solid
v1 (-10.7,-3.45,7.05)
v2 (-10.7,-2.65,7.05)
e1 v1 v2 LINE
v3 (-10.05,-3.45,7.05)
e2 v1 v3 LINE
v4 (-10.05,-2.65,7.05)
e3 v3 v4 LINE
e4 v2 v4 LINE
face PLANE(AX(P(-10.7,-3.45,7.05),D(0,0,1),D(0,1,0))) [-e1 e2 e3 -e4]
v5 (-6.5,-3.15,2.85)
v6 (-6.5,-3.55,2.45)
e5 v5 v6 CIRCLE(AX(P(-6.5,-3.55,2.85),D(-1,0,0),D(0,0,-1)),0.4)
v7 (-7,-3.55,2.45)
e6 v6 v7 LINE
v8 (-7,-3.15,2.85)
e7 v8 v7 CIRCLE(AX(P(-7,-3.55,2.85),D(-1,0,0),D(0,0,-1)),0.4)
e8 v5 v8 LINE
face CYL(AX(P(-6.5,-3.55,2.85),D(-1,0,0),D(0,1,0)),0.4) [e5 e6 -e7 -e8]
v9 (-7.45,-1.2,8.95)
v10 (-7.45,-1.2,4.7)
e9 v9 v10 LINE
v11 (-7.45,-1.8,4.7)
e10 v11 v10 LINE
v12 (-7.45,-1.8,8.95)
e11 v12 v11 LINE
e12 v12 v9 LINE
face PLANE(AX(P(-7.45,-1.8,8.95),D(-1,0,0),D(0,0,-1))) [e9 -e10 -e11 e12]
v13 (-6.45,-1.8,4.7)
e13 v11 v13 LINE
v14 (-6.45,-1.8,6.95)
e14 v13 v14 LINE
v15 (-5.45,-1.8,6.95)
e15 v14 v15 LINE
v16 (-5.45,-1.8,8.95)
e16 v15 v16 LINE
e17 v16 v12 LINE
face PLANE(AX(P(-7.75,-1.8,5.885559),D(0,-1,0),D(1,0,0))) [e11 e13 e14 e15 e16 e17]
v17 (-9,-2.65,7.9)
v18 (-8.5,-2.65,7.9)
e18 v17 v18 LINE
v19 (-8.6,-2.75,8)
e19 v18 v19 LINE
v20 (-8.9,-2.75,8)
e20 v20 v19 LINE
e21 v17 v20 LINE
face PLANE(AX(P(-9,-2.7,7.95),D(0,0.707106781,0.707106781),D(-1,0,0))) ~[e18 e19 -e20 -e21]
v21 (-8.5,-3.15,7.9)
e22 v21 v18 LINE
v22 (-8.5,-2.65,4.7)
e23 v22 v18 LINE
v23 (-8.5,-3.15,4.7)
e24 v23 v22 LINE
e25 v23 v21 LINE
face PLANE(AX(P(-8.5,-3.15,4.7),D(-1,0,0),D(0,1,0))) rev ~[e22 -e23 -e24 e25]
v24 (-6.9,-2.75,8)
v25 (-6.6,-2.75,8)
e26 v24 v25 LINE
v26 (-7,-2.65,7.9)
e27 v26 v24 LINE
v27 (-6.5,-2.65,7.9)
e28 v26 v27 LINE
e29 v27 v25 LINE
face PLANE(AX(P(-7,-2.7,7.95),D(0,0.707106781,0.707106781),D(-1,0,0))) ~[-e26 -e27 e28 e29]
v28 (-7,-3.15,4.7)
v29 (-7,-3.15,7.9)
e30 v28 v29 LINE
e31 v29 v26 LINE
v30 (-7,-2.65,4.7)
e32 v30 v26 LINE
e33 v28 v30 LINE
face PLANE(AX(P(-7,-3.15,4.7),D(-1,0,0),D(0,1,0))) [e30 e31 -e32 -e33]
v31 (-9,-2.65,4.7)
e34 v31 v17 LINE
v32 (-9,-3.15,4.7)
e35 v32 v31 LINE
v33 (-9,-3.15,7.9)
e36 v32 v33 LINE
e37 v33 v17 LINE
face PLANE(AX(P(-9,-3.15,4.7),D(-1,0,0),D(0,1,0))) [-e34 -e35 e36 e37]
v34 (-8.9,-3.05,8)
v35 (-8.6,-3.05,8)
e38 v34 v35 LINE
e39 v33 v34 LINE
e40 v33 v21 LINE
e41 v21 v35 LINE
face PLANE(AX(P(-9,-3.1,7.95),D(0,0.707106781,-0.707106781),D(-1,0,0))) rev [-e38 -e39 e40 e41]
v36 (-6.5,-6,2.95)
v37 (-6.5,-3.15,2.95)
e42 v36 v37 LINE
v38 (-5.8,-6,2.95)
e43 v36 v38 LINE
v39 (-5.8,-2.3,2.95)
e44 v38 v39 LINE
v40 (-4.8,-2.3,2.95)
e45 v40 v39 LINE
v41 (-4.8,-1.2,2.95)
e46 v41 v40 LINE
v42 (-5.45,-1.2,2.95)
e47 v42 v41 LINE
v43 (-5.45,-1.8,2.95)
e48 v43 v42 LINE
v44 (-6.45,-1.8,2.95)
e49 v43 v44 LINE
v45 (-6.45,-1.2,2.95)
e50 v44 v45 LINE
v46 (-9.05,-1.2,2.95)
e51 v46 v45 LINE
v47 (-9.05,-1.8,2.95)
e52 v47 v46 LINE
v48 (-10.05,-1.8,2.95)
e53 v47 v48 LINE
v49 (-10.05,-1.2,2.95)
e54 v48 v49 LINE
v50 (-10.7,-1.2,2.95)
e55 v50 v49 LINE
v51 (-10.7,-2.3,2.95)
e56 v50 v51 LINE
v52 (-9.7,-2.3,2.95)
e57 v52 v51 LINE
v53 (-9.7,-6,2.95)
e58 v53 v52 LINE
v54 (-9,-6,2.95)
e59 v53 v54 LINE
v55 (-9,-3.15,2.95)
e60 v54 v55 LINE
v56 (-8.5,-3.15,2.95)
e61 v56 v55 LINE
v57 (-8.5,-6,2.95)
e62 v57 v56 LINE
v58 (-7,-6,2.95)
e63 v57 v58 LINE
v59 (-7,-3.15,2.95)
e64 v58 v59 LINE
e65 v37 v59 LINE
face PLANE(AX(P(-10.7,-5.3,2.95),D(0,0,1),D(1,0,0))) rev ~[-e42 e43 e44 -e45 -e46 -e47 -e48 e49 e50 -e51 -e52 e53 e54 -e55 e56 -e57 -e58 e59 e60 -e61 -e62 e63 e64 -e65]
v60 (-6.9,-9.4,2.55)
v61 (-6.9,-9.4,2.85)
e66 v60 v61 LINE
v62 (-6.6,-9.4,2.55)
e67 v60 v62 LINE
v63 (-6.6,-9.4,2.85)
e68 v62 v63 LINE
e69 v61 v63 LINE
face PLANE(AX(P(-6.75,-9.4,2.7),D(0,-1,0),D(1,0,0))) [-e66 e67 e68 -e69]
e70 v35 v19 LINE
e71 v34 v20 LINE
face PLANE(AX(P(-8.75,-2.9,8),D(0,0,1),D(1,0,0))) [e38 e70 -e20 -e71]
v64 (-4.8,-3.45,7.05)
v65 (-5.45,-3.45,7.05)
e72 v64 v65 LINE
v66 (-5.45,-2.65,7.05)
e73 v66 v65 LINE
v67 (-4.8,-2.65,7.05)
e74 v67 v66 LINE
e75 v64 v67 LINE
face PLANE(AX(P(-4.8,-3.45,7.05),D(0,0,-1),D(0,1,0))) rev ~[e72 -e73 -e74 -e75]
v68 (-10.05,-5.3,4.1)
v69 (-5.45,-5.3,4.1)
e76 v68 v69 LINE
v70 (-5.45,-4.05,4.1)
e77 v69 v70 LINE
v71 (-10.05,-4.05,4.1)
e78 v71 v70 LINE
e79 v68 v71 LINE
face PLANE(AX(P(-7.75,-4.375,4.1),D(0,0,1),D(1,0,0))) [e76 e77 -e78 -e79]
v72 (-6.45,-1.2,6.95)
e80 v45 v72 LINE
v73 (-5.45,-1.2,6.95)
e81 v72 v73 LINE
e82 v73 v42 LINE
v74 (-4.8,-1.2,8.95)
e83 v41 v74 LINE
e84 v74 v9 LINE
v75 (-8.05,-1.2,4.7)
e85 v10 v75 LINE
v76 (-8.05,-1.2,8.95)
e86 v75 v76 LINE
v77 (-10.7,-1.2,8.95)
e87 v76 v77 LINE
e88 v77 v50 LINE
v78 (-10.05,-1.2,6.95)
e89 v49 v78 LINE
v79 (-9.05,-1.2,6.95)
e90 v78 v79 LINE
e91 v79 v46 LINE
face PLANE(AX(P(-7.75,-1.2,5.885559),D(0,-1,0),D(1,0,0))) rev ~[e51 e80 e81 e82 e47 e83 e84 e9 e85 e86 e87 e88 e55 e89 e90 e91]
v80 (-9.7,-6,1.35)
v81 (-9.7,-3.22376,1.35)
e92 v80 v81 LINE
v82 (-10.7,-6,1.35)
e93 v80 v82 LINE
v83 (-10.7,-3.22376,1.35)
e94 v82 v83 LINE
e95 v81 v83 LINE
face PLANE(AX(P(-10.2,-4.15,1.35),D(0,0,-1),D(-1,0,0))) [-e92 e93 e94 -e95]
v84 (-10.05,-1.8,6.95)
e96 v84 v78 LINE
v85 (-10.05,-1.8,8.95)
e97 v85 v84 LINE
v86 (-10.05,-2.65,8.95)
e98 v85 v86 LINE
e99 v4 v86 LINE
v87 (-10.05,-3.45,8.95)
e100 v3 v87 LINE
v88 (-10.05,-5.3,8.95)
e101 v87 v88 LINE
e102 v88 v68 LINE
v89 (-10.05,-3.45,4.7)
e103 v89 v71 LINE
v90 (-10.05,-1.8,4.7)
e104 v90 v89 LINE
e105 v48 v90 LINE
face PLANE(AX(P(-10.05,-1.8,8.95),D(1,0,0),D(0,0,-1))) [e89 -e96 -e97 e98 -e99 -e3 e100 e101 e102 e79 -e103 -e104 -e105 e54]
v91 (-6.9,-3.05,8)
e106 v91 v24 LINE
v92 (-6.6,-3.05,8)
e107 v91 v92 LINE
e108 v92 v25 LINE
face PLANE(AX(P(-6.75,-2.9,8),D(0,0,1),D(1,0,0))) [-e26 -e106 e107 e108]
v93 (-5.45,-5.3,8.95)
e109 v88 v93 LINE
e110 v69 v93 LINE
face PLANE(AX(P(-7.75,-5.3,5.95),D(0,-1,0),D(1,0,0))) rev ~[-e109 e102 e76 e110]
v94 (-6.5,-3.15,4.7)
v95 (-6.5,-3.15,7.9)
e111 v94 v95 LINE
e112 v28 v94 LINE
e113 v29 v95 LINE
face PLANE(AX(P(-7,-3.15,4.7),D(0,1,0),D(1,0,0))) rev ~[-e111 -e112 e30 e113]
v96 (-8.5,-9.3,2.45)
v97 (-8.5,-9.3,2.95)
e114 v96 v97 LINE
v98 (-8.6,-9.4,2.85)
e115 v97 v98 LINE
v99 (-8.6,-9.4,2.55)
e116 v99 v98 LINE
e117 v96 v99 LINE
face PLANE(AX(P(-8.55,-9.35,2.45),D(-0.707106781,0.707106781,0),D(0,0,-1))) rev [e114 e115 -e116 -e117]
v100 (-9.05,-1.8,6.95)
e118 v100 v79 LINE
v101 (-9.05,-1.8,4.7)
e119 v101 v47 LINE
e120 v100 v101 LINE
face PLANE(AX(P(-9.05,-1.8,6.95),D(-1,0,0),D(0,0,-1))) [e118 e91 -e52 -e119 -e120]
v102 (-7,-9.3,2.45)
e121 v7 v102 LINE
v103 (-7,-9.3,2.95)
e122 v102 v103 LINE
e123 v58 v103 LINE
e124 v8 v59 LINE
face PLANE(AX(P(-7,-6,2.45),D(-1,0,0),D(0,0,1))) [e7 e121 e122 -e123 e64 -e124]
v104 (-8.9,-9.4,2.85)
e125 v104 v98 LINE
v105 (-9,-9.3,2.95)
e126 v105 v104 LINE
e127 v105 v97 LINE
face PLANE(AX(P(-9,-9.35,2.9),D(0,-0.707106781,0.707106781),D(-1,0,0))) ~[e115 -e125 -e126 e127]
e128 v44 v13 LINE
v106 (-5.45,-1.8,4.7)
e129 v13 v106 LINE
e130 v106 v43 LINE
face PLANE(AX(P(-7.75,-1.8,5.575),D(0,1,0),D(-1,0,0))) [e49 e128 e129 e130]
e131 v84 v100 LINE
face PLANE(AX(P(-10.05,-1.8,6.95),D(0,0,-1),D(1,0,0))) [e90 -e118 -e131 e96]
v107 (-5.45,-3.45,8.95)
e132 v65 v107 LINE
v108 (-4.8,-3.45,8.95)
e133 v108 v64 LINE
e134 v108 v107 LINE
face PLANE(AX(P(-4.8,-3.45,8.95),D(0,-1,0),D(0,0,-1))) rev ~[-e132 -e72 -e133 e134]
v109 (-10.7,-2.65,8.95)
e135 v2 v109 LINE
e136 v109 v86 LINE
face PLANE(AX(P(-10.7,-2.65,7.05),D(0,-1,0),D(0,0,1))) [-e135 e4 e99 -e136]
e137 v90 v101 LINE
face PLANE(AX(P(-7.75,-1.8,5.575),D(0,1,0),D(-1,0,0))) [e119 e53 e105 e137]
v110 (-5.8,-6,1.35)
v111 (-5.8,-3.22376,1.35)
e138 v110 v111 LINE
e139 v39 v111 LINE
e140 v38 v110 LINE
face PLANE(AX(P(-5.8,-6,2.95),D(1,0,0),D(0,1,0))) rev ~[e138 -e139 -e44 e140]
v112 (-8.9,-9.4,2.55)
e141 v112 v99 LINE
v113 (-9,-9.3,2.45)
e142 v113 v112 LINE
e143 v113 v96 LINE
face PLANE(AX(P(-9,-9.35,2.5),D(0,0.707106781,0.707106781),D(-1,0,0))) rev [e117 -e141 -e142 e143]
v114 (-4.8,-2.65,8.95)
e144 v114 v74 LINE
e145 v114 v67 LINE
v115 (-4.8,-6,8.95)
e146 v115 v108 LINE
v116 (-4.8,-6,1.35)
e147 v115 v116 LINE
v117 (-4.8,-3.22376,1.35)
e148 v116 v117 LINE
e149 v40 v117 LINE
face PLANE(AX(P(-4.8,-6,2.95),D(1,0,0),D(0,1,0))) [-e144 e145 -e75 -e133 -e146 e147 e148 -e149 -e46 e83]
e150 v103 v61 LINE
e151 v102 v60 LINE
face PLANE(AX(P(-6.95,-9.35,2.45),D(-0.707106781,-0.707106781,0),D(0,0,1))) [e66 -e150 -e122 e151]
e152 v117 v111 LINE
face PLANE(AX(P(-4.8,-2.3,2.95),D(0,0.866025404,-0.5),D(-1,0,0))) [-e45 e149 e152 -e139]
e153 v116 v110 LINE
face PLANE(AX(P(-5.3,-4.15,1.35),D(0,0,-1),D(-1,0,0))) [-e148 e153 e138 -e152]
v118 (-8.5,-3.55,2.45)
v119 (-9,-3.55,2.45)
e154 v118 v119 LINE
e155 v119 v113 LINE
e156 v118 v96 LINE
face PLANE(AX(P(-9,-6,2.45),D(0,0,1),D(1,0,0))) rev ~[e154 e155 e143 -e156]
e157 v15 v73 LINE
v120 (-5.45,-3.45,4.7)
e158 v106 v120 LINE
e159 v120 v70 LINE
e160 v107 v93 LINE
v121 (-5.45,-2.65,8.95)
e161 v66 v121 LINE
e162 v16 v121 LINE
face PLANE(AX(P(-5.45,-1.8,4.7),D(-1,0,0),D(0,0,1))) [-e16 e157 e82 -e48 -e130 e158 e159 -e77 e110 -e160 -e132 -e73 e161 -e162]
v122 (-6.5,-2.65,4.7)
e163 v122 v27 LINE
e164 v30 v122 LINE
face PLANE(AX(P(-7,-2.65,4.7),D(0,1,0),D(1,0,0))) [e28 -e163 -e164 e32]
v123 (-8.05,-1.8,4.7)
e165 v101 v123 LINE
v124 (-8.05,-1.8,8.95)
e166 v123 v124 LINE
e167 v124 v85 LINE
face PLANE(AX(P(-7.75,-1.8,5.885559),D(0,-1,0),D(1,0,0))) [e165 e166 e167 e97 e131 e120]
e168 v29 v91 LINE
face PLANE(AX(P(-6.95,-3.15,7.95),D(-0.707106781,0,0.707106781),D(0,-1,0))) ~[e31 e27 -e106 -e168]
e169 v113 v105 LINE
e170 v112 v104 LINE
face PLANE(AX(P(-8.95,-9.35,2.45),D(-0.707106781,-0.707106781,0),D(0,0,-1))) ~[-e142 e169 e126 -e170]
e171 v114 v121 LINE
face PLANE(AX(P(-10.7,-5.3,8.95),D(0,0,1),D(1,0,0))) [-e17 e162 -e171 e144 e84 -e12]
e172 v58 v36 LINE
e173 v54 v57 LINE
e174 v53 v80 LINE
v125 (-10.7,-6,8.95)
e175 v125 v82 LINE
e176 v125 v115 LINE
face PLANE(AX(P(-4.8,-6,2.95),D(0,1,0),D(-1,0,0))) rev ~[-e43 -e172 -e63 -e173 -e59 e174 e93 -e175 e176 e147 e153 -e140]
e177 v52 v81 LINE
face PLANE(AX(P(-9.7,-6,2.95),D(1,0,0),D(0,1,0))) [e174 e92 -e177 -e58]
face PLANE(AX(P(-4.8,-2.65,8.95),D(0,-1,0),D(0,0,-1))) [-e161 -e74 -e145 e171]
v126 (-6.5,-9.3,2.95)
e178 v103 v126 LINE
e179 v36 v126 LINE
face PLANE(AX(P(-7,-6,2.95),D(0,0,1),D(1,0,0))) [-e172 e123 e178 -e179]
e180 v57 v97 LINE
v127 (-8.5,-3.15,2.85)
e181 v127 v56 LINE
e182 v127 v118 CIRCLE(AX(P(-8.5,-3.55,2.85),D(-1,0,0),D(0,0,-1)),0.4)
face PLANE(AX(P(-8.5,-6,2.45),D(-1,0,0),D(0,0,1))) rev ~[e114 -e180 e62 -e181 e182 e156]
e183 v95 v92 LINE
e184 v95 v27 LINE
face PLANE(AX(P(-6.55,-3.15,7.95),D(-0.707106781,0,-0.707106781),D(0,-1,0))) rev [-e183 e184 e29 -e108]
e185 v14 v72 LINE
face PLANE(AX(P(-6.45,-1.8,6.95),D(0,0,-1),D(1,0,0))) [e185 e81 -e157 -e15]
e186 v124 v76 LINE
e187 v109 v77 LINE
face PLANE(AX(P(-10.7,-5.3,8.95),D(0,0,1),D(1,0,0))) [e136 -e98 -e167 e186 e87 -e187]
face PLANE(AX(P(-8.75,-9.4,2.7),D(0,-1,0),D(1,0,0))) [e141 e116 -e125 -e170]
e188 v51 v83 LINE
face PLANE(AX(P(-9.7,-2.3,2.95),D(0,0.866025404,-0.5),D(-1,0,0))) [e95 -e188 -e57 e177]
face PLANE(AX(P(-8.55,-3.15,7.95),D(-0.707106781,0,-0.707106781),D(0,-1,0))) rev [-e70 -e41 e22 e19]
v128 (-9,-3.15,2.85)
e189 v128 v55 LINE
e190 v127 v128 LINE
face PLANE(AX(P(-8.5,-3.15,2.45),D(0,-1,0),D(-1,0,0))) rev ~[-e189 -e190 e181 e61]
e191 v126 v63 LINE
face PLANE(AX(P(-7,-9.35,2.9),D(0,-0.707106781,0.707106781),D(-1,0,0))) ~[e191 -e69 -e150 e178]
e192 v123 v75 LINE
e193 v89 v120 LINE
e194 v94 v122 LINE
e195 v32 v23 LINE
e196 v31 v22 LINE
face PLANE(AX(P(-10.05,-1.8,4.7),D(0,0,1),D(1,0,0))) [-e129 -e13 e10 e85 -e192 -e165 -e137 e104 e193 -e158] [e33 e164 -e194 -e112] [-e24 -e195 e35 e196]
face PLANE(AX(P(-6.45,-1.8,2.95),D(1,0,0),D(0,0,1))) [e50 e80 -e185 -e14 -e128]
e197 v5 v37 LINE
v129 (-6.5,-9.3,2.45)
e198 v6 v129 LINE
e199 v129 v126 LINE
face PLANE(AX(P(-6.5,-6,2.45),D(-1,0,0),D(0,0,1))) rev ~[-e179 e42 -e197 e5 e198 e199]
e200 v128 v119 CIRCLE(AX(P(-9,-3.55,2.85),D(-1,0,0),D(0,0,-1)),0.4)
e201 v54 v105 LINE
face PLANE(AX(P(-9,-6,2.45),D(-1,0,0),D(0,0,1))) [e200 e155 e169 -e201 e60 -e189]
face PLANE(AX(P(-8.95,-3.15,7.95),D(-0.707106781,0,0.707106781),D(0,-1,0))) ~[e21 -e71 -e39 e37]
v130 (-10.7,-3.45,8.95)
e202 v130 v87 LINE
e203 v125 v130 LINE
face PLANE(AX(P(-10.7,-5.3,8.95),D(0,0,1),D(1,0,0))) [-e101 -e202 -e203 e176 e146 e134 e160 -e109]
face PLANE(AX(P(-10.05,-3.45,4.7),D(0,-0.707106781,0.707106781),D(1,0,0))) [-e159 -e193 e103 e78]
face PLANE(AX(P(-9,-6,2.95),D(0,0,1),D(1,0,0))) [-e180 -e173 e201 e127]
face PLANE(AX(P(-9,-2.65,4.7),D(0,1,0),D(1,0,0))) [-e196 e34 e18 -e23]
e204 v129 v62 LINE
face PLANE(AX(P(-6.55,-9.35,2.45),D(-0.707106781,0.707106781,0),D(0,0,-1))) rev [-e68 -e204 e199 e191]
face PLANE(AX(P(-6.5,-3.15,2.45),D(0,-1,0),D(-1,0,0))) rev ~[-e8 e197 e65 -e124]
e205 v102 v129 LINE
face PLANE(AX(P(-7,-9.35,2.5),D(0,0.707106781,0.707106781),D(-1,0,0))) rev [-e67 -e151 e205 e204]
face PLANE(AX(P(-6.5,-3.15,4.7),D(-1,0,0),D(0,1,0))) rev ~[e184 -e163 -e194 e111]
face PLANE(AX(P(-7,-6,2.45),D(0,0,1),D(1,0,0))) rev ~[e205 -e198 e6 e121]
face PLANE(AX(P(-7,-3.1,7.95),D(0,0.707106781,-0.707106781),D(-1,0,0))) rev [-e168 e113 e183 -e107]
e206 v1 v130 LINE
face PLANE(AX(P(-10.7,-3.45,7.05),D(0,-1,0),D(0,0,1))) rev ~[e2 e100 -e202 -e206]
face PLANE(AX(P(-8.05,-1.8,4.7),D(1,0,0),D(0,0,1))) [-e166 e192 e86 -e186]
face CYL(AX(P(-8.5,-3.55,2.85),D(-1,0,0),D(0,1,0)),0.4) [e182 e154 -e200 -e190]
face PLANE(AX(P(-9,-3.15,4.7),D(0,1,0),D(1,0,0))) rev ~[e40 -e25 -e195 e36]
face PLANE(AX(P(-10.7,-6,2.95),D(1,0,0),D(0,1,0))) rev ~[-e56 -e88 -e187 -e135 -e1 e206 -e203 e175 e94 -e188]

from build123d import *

# Parameters (mm, degrees)
EXTRUDE_1_DEPTH     = 0.6
EXTRUDE_2_DEPTH     = 3.5
SKETCH_3_W          = 5.9
SKETCH_3_H          = 6
EXTRUDE_3_DEPTH     = 0.7
EXTRUDE_4_REACH     = 15.883
SKETCH_4_W          = 0.5
SKETCH_4_H          = 2.85
SKETCH_5_W          = 0.5
SKETCH_5_H          = 0.5
EXTRUDE_5_DEPTH     = 3.4
EXTRUDE_6_REACH     = 17.656
SKETCH_7_W          = 0.5
SKETCH_7_H          = 2.85
SKETCH_8_W          = 0.5
SKETCH_8_H          = 0.5
EXTRUDE_7_DEPTH     = 3.4
SKETCH_9_W          = 4.6
SKETCH_9_H          = 1.85
CUT_EXTRUDE_1_DEPTH = 0.6
CUT_EXTRUDE_2_REACH = 16.257
SKETCH_10_W         = 1.9
SKETCH_10_H         = 0.8
SKETCH_11_W         = 1.9
SKETCH_11_H         = 0.8
CUT_EXTRUDE_3_DEPTH = 15.257366517
SKETCH_12_W         = 1
SKETCH_12_H         = 3.7
EXTRUDE_8_DEPTH     = 1.6
SKETCH_13_W         = 1
SKETCH_13_H         = 3.7
EXTRUDE_9_DEPTH     = 1.6
SKETCH_14_W         = 0.5
SKETCH_14_H         = 0.5
EXTRUDE_10_DEPTH    = 3.3
SKETCH_15_W         = 0.5
SKETCH_15_H         = 0.5
EXTRUDE_11_DEPTH    = 3.3
DRAFT_1_ANGLE       = 45
DRAFT_2_ANGLE       = 30
FILLET_1_R          = 0.4
CHAMFER_1_SIZE      = 0.1


with BuildPart() as part:
    # 草图1 → 凸台-拉伸1 (new body)
    with BuildSketch(Plane.XZ.offset(1.8)):
        Polygon((-7.45, 8.95), (-7.45, 4.7), (-8.05, 4.7), (-8.05, 8.95), (-10.7, 8.95), (-10.7, 2.95), (-10.05, 2.95), (-10.05, 6.95), (-9.05, 6.95), (-9.05, 2.95), (-6.45, 2.95), (-6.45, 6.95), (-5.45, 6.95), (-5.45, 2.95), (-4.8, 2.95), (-4.8, 8.95), align=None)
    extrude(amount=-EXTRUDE_1_DEPTH)

    # 草图2 → 凸台-拉伸2 (add)
    with BuildSketch(Plane.XZ.offset(1.8)):
        Polygon((-10.7, 8.95), (-10.05, 8.95), (-10.05, 4.7), (-5.45, 4.7), (-5.45, 8.95), (-4.8, 8.95), (-4.8, 2.95), (-10.7, 2.95), align=None)
    extrude(amount=EXTRUDE_2_DEPTH)

    # 草图3 → 凸台-拉伸3 (add)
    with BuildSketch(Plane.XZ.offset(5.3)):
        with Locations((-7.75, 5.95)):
            Rectangle(SKETCH_3_W, SKETCH_3_H)
    extrude(amount=EXTRUDE_3_DEPTH)

    # 草图4 → 凸台-拉伸4 (add, up to next)
    with BuildSketch(Plane(origin=(0, 0, 2.45), x_dir=(-1, 0, 0), z_dir=(0, 0, -1)), mode=Mode.PRIVATE) as extrude_4_sk1:
        with Locations((8.75, -4.575)):
            Rectangle(SKETCH_4_W, SKETCH_4_H)
    extrude_4_tool1 = extrude(extrude_4_sk1.sketch, amount=-EXTRUDE_4_REACH, mode=Mode.PRIVATE) - part.part
    add(extrude_4_tool1.solids().sort_by_distance((-8.75, -4.575, 2.45))[0])

    # 草图5 → 凸台-拉伸5 (add)
    with BuildSketch(Plane.XZ.offset(6)):
        with Locations((-8.75, 2.7)):
            Rectangle(SKETCH_5_W, SKETCH_5_H)
    extrude(amount=EXTRUDE_5_DEPTH)

    # 草图7 → 凸台-拉伸6 (add, up to next)
    with BuildSketch(Plane(origin=(0, 0, 2.45), x_dir=(-1, 0, 0), z_dir=(0, 0, -1)), mode=Mode.PRIVATE) as extrude_6_sk1:
        with Locations((6.75, -4.575)):
            Rectangle(SKETCH_7_W, SKETCH_7_H)
    extrude_6_tool1 = extrude(extrude_6_sk1.sketch, amount=-EXTRUDE_6_REACH, mode=Mode.PRIVATE) - part.part
    add(extrude_6_tool1.solids().sort_by_distance((-6.75, -4.575, 2.45))[0])

    # 草图8 → 凸台-拉伸7 (add)
    with BuildSketch(Plane.XZ.offset(6)):
        with Locations((-6.75, 2.7)):
            Rectangle(SKETCH_8_W, SKETCH_8_H)
    extrude(amount=EXTRUDE_7_DEPTH)

    # 草图9 → 切除-拉伸1 (cut)
    with BuildSketch(Plane.XY.offset(4.7)):
        with Locations((-7.75, -4.375)):
            Rectangle(SKETCH_9_W, SKETCH_9_H)
    extrude(amount=-CUT_EXTRUDE_1_DEPTH, mode=Mode.SUBTRACT)

    # 草图10 → 切除-拉伸2 (cut, up to next)
    with BuildSketch(Plane.ZY.offset(10.7), mode=Mode.PRIVATE) as cut_extrude_2_sk1:
        with Locations((8, -3.05)):
            Rectangle(SKETCH_10_W, SKETCH_10_H)
    cut_extrude_2_tool1 = extrude(cut_extrude_2_sk1.sketch, amount=-CUT_EXTRUDE_2_REACH, mode=Mode.PRIVATE) & part.part
    add(cut_extrude_2_tool1.solids().sort_by_distance((-10.7, -3.05, 8))[0], mode=Mode.SUBTRACT)

    # 草图11 → 切除-拉伸3 (cut, through all)
    with BuildSketch(Plane(origin=(-4.8, 0, 0), x_dir=(0, 0, -1), z_dir=(1, 0, 0))):
        with Locations((-8, -3.05)):
            Rectangle(SKETCH_11_W, SKETCH_11_H)
    extrude(amount=-CUT_EXTRUDE_3_DEPTH, mode=Mode.SUBTRACT)

    # 草图12 → 凸台-拉伸8 (add)
    with BuildSketch(Plane(origin=(0, 0, 2.95), x_dir=(-1, 0, 0), z_dir=(0, 0, -1))):
        with Locations((10.2, -4.15)):
            Rectangle(SKETCH_12_W, SKETCH_12_H)
    extrude(amount=EXTRUDE_8_DEPTH)

    # 草图13 → 凸台-拉伸9 (add)
    with BuildSketch(Plane(origin=(0, 0, 2.95), x_dir=(-1, 0, 0), z_dir=(0, 0, -1))):
        with Locations((5.3, -4.15)):
            Rectangle(SKETCH_13_W, SKETCH_13_H)
    extrude(amount=EXTRUDE_9_DEPTH)

    # 草图14 → 凸台-拉伸10 (add)
    with BuildSketch(Plane.XY.offset(4.7)):
        with Locations((-6.75, -2.9)):
            Rectangle(SKETCH_14_W, SKETCH_14_H)
    extrude(amount=EXTRUDE_10_DEPTH)

    # 草图15 → 凸台-拉伸11 (add)
    with BuildSketch(Plane.XY.offset(4.7)):
        with Locations((-8.75, -2.9)):
            Rectangle(SKETCH_15_W, SKETCH_15_H)
    extrude(amount=EXTRUDE_11_DEPTH)

    # 拔模1
    draft_1_faces = [part.faces().sort_by_distance(p)[0] for p in [
        (-7.75, -3.45, 4.4),
    ]]
    draft(draft_1_faces, Plane(origin=(-7.45, -1.2, 4.7), x_dir=(0, 1, 0), z_dir=(0, 0, 1)), DRAFT_1_ANGLE)

    # 拔模2
    draft_2_faces = [part.faces().sort_by_distance(p)[0] for p in [
        (-5.3, -2.3, 2.15),
        (-10.2, -2.3, 2.15),
    ]]
    draft(draft_2_faces, Plane(origin=(-5.45, -1.2, 2.95), x_dir=(-1, 0, 0), z_dir=(0, 0, -1)), DRAFT_2_ANGLE)

    # 圆角1
    fillet_1_edges = [part.edges().sort_by_distance(p)[0] for p in [
        (-8.75, -3.15, 2.45),
        (-6.75, -3.15, 2.45),
    ]]
    fillet(fillet_1_edges, radius=FILLET_1_R)

    # 倒角1
    chamfer_1_edges = [part.edges().sort_by_distance(p)[0] for p in [
        (-6.75, -9.4, 2.95),
        (-6.5, -9.4, 2.7),
        (-6.75, -9.4, 2.45),
        (-7, -9.4, 2.7),
        (-8.75, -9.4, 2.95),
        (-8.5, -9.4, 2.7),
        (-8.75, -9.4, 2.45),
        (-9, -9.4, 2.7),
        (-6.75, -2.65, 8),
        (-6.5, -2.9, 8),
        (-6.75, -3.15, 8),
        (-7, -2.9, 8),
        (-8.75, -2.65, 8),
        (-8.5, -2.9, 8),
        (-8.75, -3.15, 8),
        (-9, -2.9, 8),
    ]]
    chamfer(chamfer_1_edges, length=CHAMFER_1_SIZE)


solid = part.part
